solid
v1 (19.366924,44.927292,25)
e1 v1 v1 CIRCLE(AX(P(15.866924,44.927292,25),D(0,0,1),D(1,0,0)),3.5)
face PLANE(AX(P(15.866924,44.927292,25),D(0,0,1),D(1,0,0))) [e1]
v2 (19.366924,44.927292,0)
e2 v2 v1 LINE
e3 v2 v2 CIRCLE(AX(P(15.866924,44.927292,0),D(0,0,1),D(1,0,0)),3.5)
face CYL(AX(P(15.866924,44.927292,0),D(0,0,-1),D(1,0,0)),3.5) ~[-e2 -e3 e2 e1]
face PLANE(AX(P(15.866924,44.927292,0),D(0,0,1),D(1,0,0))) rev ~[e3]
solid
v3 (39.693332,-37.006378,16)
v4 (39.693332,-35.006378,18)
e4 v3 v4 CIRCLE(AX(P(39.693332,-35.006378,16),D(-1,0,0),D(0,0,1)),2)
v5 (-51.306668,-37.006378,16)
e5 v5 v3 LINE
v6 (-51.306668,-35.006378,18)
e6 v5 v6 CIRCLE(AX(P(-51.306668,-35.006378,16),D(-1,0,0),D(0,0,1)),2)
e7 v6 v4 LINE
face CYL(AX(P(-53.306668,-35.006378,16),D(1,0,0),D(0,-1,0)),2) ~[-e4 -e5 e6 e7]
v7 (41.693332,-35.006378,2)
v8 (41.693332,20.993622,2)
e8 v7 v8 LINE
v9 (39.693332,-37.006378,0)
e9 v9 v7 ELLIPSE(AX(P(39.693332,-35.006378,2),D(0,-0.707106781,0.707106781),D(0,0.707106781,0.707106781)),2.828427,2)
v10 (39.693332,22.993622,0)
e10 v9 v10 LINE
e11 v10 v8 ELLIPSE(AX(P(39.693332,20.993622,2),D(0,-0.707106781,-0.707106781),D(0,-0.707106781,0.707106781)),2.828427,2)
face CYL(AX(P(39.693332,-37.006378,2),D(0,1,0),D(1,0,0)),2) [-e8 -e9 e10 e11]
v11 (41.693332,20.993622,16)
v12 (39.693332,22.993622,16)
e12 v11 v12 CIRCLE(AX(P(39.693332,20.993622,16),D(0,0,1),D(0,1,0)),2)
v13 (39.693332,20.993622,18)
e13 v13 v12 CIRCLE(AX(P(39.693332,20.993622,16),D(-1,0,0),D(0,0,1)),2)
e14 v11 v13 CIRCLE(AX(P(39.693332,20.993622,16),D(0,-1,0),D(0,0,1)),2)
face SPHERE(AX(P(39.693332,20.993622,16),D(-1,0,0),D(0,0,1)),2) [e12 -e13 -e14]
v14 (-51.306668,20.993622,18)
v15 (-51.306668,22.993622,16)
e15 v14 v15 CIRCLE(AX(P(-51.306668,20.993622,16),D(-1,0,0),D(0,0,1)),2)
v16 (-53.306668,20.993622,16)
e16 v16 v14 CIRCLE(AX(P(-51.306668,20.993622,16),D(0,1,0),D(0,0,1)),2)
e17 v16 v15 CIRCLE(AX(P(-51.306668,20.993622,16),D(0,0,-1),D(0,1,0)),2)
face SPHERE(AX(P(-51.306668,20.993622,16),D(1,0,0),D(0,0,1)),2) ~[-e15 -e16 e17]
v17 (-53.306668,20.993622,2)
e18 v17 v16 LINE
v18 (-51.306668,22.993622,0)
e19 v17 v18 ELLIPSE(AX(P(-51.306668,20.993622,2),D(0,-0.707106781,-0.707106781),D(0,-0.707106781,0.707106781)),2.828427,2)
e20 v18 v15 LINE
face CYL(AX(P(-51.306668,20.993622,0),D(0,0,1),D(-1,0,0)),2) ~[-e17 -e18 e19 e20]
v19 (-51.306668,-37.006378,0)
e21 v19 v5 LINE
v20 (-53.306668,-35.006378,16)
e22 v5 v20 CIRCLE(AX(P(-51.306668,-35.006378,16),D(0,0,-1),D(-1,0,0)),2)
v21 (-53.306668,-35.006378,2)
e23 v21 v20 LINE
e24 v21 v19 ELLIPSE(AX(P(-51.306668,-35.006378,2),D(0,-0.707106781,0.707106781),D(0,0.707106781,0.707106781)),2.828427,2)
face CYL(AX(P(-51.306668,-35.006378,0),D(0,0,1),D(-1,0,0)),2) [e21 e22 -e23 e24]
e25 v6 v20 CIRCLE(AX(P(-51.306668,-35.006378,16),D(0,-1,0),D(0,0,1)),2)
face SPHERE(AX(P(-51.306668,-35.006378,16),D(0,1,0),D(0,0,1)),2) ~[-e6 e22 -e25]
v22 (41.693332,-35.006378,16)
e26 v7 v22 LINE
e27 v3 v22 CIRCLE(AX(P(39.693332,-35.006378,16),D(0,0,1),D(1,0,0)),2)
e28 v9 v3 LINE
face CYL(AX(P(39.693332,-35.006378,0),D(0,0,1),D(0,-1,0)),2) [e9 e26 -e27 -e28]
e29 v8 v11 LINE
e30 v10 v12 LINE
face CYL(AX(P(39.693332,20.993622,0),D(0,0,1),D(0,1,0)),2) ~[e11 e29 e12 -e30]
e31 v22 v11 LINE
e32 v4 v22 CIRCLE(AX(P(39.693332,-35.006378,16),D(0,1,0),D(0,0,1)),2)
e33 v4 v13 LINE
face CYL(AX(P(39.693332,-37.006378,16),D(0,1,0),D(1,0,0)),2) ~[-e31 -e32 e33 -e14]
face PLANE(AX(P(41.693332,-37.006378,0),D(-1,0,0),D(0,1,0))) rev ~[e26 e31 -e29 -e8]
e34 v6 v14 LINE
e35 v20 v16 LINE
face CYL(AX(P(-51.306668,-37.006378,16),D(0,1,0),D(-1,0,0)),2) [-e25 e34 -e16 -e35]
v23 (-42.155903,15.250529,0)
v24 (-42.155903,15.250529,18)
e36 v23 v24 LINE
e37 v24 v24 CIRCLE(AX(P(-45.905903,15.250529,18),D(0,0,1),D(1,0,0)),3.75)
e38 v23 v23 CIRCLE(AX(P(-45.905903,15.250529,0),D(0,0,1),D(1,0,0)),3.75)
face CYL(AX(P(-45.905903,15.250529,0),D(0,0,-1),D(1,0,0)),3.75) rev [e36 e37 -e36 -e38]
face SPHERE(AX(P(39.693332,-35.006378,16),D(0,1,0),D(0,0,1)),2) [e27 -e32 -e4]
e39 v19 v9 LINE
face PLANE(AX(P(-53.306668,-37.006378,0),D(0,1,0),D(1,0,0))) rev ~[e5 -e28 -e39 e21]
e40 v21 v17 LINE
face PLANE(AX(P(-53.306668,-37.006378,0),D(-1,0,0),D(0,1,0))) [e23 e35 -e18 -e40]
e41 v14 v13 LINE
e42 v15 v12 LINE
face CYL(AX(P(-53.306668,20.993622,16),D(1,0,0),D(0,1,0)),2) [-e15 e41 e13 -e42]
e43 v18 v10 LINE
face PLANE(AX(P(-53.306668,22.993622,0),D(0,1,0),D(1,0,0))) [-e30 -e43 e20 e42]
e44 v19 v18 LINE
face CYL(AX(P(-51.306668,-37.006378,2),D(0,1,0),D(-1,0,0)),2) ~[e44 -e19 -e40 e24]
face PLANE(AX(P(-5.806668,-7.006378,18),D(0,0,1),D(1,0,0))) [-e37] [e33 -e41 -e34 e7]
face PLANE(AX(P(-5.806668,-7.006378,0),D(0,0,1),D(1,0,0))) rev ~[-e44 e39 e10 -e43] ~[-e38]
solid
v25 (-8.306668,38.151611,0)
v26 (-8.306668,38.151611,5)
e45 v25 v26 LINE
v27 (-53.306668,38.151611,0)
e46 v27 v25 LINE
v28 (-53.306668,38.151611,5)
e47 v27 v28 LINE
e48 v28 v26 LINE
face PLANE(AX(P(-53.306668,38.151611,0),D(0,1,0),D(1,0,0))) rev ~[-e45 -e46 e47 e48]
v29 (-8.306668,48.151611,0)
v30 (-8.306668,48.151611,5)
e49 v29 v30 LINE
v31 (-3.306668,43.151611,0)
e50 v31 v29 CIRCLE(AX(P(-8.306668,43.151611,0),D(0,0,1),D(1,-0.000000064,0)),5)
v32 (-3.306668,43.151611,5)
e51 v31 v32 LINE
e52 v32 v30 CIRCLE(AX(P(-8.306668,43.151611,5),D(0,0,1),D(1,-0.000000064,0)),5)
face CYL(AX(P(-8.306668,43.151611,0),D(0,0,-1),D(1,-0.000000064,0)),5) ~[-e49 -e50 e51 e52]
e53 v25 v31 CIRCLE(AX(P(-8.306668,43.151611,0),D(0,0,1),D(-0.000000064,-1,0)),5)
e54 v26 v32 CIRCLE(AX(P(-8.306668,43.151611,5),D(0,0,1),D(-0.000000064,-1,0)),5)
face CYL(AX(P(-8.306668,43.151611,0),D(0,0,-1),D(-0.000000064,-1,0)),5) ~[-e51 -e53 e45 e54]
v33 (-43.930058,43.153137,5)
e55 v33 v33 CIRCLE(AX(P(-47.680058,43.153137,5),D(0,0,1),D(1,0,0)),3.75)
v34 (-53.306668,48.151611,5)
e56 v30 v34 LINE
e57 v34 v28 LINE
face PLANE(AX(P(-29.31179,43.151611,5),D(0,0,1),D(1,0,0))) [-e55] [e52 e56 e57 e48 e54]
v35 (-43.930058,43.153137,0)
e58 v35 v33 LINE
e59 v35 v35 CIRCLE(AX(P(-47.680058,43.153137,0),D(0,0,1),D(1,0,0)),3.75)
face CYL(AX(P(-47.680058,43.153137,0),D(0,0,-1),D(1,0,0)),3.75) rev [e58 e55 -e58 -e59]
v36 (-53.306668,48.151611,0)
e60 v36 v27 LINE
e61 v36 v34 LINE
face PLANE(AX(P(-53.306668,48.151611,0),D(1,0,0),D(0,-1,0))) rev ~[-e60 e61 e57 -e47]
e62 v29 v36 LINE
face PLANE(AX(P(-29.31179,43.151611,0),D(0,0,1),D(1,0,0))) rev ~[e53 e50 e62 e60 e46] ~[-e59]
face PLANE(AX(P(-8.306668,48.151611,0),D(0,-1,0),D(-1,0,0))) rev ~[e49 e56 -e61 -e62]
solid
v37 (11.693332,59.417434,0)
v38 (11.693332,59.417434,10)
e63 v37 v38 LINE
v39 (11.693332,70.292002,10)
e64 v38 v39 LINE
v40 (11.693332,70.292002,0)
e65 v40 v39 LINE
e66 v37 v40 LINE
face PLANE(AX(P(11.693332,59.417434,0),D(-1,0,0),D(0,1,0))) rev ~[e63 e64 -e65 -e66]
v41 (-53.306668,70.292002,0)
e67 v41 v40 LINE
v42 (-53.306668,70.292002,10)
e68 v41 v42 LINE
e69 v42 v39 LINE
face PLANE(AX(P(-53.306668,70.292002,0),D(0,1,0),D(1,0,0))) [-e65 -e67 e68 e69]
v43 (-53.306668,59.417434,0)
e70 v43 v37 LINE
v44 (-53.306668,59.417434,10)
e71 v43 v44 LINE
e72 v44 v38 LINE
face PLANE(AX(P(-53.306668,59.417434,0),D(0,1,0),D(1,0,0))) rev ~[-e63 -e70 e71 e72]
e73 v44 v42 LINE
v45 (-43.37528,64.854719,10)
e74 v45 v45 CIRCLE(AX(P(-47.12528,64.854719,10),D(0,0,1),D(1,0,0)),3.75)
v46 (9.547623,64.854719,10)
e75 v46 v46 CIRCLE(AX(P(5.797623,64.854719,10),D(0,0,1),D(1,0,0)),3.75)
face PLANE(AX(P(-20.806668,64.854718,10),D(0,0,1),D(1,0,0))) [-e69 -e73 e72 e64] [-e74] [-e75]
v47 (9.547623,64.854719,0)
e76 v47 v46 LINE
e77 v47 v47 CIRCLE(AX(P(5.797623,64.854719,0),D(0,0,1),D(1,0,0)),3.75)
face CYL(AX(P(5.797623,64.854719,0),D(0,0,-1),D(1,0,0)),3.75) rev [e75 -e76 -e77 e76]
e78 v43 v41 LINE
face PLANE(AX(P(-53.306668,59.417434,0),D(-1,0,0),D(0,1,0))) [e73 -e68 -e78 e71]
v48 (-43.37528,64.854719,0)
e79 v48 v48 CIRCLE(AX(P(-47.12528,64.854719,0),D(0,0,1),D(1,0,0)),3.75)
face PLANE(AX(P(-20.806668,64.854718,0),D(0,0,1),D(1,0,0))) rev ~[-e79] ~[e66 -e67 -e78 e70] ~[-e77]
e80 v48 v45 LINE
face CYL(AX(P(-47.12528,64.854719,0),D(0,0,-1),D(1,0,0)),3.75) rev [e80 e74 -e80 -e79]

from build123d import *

# Parameters (mm, degrees)
F0_R     = 3.75
F1_DEPTH = 5
F0_W     = 95
F0_H     = 60
F2_DEPTH = 18
F0_R_2   = 3.5
F3_DEPTH = 25
F4_R     = 2
F0_W_2   = 65
F0_H_2   = 10.874569
F5_DEPTH = 10


with BuildPart() as f1:
    # F0 (on Top) → F1 (new body)
    with BuildSketch(Plane.XY):
        with BuildLine():
            Line((-8.306668, 48.151611), (-53.306668, 48.151611))
            Line((-53.306668, 48.151611), (-53.306668, 38.151611))
            Line((-53.306668, 38.151611), (-8.306668, 38.151611))
            ThreePointArc((-8.306668, 38.151611), (-4.771134, 39.616077), (-3.306668, 43.151611))
            ThreePointArc((-3.306668, 43.151611), (-4.771134, 46.687145), (-8.306668, 48.151611))
        make_face()
        with Locations((-47.680058, 43.153137)):
            Circle(F0_R, mode=Mode.SUBTRACT)
    extrude(amount=F1_DEPTH)


with BuildPart() as f2:
    # F0 (on Top) → F2 (new body)
    with BuildSketch(Plane.XY):
        with Locations((-5.806668, -7.006378)):
            Rectangle(F0_W, F0_H)
        with Locations((-45.905903, 15.250529)):
            Circle(F0_R, mode=Mode.SUBTRACT)
    extrude(amount=F2_DEPTH)

    # F4
    f4_edges = [f2.edges().sort_by_distance(p)[0] for p in [
        (-5.806668, 22.993622, 18),
        (-53.306668, -7.006378, 18),
        (41.693332, -7.006378, 18),
        (-5.806668, -37.006378, 18),
        (-53.306668, 22.993622, 9),
        (-53.306668, -37.006378, 9),
        (-53.306668, -7.006378, 0),
        (41.693332, -37.006378, 9),
        (41.693332, 22.993622, 9),
        (41.693332, -7.006378, 0),
    ]]
    fillet(f4_edges, radius=F4_R)


with BuildPart() as f3:
    # F0 (on Top) → F3 (new body)
    with BuildSketch(Plane.XY):
        with Locations((15.866924, 44.927292)):
            Circle(F0_R_2)
    extrude(amount=F3_DEPTH)


with BuildPart() as f5:
    # F0 (on Top) → F5 (new body)
    with BuildSketch(Plane.XY):
        with Locations((-20.806668, 64.854718)):
            Rectangle(F0_W_2, F0_H_2)
        with Locations((-47.12528, 64.854719)):
            Circle(F0_R, mode=Mode.SUBTRACT)
        with Locations((5.797623, 64.854719)):
            Circle(F0_R, mode=Mode.SUBTRACT)
    extrude(amount=F5_DEPTH)


solid = Compound([f1.part, f2.part, f3.part, f5.part])
